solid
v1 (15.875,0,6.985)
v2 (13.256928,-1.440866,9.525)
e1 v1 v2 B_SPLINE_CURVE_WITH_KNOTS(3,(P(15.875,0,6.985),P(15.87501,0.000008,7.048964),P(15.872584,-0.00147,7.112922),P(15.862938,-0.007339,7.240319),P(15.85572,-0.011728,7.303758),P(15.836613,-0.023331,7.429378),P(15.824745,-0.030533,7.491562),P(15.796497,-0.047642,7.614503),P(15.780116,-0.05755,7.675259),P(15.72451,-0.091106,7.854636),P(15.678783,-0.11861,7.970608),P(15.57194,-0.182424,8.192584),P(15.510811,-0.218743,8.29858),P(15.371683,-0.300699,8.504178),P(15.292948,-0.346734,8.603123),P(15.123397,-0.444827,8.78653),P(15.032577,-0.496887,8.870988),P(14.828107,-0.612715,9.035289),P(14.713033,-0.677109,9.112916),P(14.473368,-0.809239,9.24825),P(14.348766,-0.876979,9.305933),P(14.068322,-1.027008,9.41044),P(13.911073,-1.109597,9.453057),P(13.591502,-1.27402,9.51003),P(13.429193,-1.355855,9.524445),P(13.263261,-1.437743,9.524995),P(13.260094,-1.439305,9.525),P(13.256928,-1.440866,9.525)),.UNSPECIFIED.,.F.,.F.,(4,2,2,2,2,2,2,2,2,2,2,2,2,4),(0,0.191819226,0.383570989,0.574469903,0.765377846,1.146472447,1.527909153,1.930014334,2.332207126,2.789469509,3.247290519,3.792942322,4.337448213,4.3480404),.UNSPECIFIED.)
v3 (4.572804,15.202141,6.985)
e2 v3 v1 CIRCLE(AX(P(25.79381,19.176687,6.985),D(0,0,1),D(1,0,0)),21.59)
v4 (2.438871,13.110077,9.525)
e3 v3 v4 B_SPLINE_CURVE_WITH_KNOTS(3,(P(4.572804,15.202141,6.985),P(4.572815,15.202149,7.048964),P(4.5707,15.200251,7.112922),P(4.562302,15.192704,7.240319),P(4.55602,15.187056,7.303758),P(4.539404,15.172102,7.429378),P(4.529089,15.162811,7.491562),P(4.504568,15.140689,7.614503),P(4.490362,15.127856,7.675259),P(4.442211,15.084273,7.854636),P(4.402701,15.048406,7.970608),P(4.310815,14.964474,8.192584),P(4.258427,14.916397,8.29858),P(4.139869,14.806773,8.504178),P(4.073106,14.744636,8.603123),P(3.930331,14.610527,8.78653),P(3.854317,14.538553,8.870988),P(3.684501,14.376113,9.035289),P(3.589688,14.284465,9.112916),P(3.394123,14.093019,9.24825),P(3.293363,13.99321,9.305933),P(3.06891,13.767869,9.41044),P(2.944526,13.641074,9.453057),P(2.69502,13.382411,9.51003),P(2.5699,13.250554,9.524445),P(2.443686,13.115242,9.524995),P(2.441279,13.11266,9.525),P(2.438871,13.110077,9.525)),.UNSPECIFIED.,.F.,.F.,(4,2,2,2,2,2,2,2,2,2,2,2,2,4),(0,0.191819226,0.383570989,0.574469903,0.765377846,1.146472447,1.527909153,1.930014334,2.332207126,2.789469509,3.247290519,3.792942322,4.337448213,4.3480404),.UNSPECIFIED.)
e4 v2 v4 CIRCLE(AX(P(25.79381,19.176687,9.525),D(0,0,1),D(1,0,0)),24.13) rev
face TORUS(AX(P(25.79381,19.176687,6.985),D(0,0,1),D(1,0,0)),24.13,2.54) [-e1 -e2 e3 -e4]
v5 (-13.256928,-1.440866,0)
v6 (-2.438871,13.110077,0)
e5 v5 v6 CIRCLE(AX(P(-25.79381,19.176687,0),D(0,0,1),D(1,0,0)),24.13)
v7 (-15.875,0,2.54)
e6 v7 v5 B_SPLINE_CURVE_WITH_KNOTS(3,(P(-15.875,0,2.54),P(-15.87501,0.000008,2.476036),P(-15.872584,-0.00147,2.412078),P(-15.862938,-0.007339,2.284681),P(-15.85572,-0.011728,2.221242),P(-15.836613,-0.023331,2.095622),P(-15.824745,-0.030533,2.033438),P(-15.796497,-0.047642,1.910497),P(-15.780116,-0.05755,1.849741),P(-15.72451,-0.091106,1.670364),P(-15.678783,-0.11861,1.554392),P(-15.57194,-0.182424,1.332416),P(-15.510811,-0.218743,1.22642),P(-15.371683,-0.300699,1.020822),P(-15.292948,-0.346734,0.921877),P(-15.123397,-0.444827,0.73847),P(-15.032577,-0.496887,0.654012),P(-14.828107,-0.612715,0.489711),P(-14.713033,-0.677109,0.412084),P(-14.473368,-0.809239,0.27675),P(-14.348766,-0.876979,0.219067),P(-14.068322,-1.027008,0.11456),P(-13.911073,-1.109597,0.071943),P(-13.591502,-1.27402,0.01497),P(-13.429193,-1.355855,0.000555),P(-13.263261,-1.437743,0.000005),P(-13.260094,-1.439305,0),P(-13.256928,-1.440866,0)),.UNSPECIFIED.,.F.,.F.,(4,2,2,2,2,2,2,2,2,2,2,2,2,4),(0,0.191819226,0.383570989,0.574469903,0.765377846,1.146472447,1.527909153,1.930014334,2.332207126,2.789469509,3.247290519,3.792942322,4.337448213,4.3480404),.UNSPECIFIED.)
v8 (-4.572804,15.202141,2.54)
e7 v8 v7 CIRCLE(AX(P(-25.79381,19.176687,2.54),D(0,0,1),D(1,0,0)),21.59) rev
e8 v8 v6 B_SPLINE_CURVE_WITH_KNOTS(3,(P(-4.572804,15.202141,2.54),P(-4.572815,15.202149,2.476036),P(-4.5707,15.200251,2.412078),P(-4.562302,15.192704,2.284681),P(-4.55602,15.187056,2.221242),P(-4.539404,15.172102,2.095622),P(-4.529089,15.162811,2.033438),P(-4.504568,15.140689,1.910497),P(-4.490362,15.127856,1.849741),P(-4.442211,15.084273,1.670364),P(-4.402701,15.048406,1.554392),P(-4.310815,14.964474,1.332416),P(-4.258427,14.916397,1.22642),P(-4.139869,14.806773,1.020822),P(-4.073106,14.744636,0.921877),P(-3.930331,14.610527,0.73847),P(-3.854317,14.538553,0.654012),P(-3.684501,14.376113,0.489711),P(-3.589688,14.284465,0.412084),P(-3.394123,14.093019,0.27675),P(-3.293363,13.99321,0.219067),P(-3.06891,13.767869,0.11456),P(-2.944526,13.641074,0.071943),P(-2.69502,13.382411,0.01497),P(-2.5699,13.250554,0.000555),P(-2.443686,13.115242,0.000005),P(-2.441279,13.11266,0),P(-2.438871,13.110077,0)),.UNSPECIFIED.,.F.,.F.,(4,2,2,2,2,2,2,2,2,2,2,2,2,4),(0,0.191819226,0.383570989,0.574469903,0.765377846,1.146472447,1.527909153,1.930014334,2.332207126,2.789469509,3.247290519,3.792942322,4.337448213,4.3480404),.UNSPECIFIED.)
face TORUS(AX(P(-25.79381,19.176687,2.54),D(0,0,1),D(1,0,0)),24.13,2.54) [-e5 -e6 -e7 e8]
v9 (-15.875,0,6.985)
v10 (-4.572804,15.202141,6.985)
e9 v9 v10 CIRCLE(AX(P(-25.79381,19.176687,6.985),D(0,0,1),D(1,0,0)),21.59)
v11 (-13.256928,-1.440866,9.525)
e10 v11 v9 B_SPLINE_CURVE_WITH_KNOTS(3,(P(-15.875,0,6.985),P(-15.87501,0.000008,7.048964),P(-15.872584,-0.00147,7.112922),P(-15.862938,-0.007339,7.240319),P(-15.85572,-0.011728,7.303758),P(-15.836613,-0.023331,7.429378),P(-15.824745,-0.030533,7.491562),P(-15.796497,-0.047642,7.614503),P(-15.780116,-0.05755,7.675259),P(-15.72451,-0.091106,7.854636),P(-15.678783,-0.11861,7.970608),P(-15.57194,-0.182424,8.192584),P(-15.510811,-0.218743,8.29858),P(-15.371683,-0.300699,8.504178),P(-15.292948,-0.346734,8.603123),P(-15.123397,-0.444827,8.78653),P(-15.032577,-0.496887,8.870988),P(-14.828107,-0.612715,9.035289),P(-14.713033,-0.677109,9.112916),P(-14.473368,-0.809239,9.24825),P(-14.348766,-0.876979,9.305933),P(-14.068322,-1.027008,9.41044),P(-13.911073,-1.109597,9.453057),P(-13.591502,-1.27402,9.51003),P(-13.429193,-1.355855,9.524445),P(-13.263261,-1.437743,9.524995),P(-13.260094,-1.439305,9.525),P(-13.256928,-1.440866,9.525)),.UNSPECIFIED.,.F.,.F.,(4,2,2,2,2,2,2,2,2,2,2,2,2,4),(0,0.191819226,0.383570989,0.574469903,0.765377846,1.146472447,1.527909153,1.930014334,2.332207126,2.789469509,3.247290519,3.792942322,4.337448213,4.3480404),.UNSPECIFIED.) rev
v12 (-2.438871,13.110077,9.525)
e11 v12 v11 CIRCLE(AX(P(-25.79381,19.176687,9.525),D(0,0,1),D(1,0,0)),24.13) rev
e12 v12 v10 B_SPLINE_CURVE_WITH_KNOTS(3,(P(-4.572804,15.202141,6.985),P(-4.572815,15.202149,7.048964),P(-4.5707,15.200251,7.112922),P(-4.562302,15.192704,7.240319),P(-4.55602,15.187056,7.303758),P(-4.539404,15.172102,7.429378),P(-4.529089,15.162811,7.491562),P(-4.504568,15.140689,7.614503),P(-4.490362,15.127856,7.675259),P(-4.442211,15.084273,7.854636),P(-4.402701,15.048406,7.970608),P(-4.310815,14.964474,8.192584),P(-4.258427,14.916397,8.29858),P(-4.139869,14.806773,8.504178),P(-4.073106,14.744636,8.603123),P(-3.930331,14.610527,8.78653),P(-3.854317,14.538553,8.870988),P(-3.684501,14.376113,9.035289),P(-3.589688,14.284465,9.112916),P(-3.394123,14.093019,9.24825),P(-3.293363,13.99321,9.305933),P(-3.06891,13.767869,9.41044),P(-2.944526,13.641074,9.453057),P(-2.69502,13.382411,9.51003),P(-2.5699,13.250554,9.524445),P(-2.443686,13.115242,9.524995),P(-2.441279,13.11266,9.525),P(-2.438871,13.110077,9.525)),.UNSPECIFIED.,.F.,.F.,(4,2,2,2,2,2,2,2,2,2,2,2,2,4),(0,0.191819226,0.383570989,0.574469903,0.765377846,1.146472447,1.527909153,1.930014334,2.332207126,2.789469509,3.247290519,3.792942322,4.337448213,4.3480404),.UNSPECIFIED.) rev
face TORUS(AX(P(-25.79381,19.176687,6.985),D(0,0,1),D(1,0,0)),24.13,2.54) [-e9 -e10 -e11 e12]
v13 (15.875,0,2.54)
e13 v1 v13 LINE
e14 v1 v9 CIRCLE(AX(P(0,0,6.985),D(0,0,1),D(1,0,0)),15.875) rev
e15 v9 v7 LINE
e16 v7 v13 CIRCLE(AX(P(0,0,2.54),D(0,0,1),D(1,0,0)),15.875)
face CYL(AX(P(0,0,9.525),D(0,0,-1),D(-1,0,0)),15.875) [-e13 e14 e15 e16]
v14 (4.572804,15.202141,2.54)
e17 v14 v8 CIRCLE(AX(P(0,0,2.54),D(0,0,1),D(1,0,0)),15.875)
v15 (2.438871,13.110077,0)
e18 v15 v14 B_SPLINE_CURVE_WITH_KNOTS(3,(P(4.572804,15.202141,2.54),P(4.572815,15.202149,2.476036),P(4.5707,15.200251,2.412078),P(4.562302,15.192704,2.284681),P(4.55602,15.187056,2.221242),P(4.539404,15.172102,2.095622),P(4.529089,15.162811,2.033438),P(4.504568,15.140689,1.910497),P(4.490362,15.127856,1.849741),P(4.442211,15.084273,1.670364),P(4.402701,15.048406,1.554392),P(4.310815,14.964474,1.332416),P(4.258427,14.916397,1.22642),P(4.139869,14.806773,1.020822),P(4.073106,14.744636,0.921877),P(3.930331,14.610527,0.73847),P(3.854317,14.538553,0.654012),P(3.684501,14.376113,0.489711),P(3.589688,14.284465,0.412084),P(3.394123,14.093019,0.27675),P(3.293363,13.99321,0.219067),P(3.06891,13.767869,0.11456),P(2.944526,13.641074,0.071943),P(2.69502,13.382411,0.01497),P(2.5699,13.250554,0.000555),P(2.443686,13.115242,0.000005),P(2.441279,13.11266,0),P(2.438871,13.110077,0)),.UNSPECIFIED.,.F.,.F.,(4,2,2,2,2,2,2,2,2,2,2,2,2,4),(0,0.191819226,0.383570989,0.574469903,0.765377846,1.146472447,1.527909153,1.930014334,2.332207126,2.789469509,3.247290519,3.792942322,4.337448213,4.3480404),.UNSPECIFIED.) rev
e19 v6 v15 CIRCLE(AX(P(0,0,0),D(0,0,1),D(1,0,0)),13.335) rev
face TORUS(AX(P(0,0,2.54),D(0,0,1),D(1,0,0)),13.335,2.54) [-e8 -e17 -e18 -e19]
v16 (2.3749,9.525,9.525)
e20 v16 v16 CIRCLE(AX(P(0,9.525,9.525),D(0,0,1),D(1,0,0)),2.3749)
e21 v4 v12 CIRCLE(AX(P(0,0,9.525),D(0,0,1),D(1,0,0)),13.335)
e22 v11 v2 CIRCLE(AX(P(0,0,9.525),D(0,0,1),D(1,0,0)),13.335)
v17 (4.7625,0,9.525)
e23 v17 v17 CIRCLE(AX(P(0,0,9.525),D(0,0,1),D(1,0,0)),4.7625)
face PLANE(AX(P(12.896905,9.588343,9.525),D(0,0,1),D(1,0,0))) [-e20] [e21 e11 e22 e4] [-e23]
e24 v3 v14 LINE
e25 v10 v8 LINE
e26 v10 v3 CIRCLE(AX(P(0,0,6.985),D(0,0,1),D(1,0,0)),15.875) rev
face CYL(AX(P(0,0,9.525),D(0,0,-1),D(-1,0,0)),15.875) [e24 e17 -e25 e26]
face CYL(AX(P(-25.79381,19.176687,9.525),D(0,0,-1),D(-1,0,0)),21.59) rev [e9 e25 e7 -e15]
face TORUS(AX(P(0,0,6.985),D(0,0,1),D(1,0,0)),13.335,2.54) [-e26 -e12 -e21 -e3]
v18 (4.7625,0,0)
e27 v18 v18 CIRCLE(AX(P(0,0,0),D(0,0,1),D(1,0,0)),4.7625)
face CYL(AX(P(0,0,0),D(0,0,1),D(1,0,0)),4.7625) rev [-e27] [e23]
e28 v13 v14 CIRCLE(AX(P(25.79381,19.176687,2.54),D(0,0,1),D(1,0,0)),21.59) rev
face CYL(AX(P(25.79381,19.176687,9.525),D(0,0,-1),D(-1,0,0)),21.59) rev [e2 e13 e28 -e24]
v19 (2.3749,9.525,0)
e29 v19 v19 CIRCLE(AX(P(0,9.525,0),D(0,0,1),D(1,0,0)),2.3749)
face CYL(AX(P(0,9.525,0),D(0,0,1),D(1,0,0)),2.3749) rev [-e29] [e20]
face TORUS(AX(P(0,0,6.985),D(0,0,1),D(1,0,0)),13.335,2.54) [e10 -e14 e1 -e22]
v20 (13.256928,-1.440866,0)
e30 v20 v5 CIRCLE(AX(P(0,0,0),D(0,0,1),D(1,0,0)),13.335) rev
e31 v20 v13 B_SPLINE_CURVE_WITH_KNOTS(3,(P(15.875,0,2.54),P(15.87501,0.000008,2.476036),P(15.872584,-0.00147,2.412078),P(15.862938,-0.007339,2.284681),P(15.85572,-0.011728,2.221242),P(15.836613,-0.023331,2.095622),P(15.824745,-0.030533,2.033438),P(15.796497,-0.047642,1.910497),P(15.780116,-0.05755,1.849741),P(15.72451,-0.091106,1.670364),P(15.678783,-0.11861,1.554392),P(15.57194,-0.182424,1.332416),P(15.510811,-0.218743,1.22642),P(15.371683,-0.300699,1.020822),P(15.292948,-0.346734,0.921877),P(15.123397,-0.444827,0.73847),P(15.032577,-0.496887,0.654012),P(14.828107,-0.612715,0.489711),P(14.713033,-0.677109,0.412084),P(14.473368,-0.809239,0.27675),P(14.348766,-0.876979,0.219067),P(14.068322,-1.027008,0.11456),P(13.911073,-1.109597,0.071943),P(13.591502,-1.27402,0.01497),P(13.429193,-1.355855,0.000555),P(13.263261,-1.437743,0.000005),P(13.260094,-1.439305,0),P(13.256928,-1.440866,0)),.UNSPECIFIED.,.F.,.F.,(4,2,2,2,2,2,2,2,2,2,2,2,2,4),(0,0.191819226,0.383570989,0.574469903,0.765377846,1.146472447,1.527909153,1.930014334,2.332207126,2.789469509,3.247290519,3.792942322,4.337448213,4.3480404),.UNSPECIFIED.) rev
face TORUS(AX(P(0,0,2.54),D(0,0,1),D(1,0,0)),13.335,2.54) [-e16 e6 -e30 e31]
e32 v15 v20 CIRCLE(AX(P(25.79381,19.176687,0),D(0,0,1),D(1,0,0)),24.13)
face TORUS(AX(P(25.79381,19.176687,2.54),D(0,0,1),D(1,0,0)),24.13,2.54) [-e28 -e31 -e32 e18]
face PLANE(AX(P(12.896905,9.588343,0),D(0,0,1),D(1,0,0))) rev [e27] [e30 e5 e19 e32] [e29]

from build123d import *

# Parameters (mm, degrees)
BOSS_EXTRUDE1_DEPTH = 9.525
SKETCH2_R           = 4.7625
SKETCH2_R_2         = 2.3749
CUT_EXTRUDE1_DEPTH  = 9.525
FILLET1_R           = 2.54


with BuildPart() as part:
    # Sketch1 → Boss-Extrude1 (new body)
    with BuildSketch(Plane.XY):
        with BuildLine():
            ThreePointArc((4.57280399, 15.202140924), (0, 15.875), (-4.57280399, 15.202140924))
            ThreePointArc((-4.57280399, 15.202140924), (-8.467578202, 6.295312552), (-15.875, 0))
            ThreePointArc((-15.875, 0), (0, -15.875), (15.875, 0))
            ThreePointArc((15.875, 0), (8.467578202, 6.295312552), (4.57280399, 15.202140924))
        make_face()
    extrude(amount=BOSS_EXTRUDE1_DEPTH)

    # Sketch2 → Cut-Extrude1 (cut)
    with BuildSketch(Plane.XY.offset(9.525)):
        Circle(SKETCH2_R)
        with Locations((0, 9.525)):
            Circle(SKETCH2_R_2)
    extrude(amount=-CUT_EXTRUDE1_DEPTH, mode=Mode.SUBTRACT)

    # Fillet1
    fillet1_edges = [part.edges().sort_by_distance(p)[0] for p in [
        (-8.467578202, 6.295312552, 9.525),
        (0, -15.875, 9.525),
        (8.467578202, 6.295312552, 9.525),
        (0, -15.875, 0),
        (-8.467578202, 6.295312552, 0),
        (0, 15.875, 0),
        (8.467578202, 6.295312552, 0),
        (0, 15.875, 9.525),
    ]]
    fillet(fillet1_edges, radius=FILLET1_R)


solid = part.part
